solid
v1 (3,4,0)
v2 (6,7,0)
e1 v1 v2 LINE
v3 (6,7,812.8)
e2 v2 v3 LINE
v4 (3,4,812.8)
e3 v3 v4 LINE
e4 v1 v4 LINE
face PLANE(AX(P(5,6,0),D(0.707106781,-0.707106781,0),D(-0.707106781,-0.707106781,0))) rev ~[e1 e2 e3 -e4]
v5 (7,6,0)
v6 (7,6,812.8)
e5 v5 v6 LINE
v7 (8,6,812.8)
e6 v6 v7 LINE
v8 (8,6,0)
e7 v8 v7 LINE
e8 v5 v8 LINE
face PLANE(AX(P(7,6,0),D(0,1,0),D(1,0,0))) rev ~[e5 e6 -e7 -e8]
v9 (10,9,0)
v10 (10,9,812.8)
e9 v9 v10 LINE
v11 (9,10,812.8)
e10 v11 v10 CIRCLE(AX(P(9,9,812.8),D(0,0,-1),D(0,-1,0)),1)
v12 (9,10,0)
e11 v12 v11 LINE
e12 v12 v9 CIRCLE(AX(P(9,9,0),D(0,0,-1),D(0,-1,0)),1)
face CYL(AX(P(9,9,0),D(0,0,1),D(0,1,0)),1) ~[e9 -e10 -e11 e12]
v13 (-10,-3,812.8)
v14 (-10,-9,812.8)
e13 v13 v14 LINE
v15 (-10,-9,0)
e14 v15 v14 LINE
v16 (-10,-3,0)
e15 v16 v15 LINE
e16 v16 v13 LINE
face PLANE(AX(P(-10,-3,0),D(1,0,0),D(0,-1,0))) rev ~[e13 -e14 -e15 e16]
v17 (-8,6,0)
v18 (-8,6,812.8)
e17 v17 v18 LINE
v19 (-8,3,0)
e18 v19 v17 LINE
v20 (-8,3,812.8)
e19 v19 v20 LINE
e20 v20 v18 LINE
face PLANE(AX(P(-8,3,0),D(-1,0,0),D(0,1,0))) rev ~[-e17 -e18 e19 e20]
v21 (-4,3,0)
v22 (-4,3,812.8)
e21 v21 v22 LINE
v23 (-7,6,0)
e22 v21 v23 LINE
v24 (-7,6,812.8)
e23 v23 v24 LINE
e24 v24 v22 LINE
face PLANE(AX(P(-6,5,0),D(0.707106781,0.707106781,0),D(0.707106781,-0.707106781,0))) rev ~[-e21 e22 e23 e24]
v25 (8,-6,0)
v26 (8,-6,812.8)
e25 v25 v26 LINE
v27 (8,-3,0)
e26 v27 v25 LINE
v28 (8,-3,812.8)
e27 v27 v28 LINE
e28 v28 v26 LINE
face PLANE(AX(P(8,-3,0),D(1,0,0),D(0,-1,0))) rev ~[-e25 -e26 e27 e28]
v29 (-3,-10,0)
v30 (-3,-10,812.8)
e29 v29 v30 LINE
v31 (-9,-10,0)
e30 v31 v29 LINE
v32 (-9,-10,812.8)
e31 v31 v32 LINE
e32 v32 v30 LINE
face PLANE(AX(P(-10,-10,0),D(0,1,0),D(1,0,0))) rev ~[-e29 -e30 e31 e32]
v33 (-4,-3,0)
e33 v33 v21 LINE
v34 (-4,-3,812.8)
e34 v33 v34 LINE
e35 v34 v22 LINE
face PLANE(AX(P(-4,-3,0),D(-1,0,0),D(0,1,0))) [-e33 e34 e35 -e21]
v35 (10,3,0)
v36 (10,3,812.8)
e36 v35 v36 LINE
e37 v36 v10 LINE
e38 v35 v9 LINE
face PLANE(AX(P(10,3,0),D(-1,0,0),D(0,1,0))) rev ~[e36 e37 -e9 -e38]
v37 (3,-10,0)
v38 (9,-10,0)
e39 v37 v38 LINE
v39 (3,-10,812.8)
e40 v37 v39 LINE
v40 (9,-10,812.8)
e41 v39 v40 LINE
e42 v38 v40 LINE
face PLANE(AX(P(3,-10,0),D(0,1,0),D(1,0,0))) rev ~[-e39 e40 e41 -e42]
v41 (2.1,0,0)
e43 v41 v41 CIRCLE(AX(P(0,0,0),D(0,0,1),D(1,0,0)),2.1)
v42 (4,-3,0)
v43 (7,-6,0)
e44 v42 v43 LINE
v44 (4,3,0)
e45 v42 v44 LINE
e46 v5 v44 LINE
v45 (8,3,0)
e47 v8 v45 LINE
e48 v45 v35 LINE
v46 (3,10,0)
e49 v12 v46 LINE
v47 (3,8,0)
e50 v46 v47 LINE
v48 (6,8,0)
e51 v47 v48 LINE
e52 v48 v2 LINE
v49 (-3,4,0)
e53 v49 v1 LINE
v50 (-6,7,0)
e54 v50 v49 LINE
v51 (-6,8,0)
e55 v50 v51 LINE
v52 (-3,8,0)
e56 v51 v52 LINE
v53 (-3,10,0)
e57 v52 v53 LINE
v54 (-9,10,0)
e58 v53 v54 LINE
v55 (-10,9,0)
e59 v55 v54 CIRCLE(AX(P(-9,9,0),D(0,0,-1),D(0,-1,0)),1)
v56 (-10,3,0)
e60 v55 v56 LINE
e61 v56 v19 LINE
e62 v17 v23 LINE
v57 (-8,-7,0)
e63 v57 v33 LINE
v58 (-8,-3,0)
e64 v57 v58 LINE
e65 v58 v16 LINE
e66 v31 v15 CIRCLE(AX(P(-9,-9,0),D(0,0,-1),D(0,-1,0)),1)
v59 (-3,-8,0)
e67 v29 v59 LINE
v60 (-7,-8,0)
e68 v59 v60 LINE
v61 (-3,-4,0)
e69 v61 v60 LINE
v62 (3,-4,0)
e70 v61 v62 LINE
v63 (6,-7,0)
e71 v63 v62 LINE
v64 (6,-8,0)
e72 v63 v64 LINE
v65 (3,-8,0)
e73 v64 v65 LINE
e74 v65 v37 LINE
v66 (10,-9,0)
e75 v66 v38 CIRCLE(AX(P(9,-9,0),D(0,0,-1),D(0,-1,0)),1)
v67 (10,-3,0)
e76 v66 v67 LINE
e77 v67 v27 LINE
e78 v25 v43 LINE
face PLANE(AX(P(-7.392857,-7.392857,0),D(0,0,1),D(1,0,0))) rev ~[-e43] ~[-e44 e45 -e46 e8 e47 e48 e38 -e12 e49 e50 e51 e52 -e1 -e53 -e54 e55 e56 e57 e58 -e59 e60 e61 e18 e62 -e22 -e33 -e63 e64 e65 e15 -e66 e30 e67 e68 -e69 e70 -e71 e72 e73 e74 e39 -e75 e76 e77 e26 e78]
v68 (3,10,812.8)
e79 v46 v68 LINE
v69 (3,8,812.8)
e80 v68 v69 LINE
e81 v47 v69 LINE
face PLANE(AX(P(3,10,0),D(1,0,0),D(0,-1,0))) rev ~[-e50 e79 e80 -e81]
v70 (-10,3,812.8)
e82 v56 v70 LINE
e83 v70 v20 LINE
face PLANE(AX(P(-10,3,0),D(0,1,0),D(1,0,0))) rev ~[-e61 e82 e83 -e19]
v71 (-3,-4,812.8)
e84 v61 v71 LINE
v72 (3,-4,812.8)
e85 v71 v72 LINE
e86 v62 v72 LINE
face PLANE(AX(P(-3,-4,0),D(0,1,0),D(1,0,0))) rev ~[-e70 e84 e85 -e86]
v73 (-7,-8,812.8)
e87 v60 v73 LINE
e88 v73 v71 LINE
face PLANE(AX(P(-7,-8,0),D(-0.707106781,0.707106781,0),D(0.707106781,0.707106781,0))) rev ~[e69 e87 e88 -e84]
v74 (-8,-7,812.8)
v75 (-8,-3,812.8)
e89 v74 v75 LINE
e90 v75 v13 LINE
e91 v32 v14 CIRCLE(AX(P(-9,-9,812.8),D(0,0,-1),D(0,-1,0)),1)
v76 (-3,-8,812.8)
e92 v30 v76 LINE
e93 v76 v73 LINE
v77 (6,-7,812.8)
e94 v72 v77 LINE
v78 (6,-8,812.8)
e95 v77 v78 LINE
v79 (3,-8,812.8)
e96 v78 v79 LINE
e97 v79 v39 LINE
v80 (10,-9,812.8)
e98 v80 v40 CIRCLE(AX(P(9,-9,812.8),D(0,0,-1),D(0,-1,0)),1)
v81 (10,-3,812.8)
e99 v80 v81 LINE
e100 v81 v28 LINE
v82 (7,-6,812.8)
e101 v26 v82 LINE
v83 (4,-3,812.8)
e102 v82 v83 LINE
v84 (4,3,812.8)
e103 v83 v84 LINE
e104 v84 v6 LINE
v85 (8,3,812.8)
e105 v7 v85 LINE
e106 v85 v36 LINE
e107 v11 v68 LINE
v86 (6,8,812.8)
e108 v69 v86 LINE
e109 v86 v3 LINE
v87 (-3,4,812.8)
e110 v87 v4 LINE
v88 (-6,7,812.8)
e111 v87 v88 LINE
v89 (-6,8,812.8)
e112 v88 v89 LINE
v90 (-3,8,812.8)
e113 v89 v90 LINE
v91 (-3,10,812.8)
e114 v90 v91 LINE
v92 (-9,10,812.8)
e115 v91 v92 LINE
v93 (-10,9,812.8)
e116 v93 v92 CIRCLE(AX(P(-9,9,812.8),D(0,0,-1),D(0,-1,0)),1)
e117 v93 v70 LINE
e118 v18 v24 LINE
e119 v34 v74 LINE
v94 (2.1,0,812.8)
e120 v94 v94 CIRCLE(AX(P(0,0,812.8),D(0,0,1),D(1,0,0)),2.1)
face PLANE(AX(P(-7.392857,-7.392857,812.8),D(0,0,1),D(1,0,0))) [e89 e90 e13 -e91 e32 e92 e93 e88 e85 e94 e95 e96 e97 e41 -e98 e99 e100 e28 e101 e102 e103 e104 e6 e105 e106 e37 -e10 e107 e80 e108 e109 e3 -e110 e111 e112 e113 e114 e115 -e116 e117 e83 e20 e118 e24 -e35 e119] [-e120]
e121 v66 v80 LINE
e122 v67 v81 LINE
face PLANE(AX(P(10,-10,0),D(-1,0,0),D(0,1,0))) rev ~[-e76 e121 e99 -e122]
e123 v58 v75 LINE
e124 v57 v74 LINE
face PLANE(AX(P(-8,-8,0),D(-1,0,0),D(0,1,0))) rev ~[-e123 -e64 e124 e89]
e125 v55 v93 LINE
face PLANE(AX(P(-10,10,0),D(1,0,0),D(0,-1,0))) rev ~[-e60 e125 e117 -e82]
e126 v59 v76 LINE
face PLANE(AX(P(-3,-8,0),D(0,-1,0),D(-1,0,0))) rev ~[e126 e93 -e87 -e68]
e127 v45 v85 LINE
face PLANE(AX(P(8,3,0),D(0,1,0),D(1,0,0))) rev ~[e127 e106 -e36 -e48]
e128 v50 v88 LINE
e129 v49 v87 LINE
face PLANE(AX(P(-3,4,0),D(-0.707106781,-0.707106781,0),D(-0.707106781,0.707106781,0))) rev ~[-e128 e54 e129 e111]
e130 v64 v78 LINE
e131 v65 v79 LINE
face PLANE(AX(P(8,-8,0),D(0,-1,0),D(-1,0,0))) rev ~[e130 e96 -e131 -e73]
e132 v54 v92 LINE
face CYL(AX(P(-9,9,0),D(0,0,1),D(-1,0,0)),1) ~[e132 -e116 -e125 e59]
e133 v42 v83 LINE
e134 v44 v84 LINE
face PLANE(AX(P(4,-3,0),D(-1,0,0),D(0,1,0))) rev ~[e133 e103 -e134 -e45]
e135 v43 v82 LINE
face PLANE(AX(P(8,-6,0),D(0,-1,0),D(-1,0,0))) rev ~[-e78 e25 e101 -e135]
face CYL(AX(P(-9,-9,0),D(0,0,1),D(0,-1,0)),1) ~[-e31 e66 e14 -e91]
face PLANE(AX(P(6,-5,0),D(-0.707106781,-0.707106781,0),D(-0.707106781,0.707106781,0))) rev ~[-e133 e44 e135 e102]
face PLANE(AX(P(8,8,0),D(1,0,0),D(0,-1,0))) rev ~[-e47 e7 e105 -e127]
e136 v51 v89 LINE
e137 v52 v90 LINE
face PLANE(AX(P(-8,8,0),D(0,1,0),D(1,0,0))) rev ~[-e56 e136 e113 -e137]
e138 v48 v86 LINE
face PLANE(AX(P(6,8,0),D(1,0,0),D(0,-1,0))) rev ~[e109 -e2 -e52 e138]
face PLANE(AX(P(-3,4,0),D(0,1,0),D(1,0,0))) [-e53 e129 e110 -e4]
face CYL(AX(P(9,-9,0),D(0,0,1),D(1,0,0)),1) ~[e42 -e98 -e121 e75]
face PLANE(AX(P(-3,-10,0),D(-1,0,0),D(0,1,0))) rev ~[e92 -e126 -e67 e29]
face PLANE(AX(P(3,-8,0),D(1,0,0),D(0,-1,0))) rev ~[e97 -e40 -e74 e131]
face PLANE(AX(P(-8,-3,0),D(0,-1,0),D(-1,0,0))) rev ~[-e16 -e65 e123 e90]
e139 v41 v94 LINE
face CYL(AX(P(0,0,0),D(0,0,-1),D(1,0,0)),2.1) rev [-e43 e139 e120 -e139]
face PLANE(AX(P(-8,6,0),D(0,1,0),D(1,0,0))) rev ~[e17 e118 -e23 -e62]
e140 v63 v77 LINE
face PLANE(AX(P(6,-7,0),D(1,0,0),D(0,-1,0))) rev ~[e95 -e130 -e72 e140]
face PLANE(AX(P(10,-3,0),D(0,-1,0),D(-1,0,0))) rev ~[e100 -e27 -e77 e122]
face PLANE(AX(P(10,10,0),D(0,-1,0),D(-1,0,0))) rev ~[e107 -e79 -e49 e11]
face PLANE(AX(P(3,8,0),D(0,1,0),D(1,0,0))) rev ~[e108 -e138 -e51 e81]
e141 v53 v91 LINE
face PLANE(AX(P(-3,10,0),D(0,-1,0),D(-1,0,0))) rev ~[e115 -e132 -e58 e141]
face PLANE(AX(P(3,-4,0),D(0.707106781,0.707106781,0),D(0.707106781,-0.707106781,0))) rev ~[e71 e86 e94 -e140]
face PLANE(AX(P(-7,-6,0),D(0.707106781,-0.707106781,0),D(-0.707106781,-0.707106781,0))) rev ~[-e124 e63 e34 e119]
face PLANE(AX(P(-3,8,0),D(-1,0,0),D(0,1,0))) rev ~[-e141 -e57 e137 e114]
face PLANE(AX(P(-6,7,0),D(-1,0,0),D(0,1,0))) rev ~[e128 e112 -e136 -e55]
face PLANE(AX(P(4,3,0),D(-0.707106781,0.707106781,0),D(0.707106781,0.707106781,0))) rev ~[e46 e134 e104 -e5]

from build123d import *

# Parameters (mm, degrees)
SKETCH1_W           = 1
SKETCH1_H           = 1
SKETCH1_W_2         = 6
SKETCH1_H_2         = 6
SKETCH1_R           = 2.1
BOSS_EXTRUDE1_DEPTH = 812.8
FILLET1_R           = 1


with BuildPart() as part:
    # Sketch1 → Boss-Extrude1 (new body)
    # profile 1 of 35: a face of its own
    with BuildSketch(Plane.XY):
        Polygon((-6, 7), (-6, 8), (-7, 8), align=None)
    # profile 2 of 35: a face of its own
    with BuildSketch(Plane.XY):
        Polygon((-6, 7), (-7, 8), (-8, 8), (-8, 7), (-7, 6), (-6, 6), align=None)
    # profile 3 of 35: a face of its own
    with BuildSketch(Plane.XY):
        Polygon((-8, 7), (-8, 6), (-7, 6), align=None)
    # profile 4 of 35: a face of its own
    with BuildSketch(Plane.XY):
        Polygon((-3, 8), (-3, 10), (-10, 10), (-10, 3), (-8, 3), (-8, 6), (-8, 7), (-8, 8), (-7, 8), (-6, 8), align=None)
    # profile 5 of 35: a face of its own
    with BuildSketch(Plane.XY):
        Polygon((-6, 5), (-6, 6), (-7, 6), align=None)
    # profile 6 of 35: a face of its own
    with BuildSketch(Plane.XY):
        Polygon((-6, 6), (-5, 6), (-6, 7), align=None)
    # profile 7 of 35: a face of its own
    with BuildSketch(Plane.XY):
        Polygon((-3, 4), (-5, 6), (-6, 6), (-6, 5), (-4, 3), (-4, 4), align=None)
    # profile 8 of 35: a face of its own
    with BuildSketch(Plane.XY):
        with Locations((-3.5, 3.5)):
            Rectangle(SKETCH1_W, SKETCH1_H)
    # profile 9 of 35: a face of its own
    with BuildSketch(Plane.XY):
        with Locations((0, 3.5)):
            Rectangle(SKETCH1_W_2, SKETCH1_H)
    # profile 10 of 35: a face of its own
    with BuildSketch(Plane.XY):
        with Locations((-3.5, 0)):
            Rectangle(SKETCH1_W, SKETCH1_H_2)
    # profile 11 of 35: a face of its own
    with BuildSketch(Plane.XY):
        Rectangle(SKETCH1_W_2, SKETCH1_H_2)
        Circle(SKETCH1_R, mode=Mode.SUBTRACT)
    # profile 12 of 35: a face of its own
    with BuildSketch(Plane.XY):
        with Locations((3.5, 3.5)):
            Rectangle(SKETCH1_W, SKETCH1_H)
    # profile 13 of 35: a face of its own
    with BuildSketch(Plane.XY):
        Polygon((6, 6), (5, 6), (3, 4), (4, 4), (4, 3), (6, 5), align=None)
    # profile 14 of 35: a face of its own
    with BuildSketch(Plane.XY):
        Polygon((6, 7), (5, 6), (6, 6), align=None)
    # profile 15 of 35: a face of its own
    with BuildSketch(Plane.XY):
        Polygon((6, 6), (6, 5), (7, 6), align=None)
    # profile 16 of 35: a face of its own
    with BuildSketch(Plane.XY):
        Polygon((8, 8), (7, 8), (6, 7), (6, 6), (7, 6), (8, 7), align=None)
    # profile 17 of 35: a face of its own
    with BuildSketch(Plane.XY):
        Polygon((7, 8), (6, 8), (6, 7), align=None)
    # profile 18 of 35: a face of its own
    with BuildSketch(Plane.XY):
        Polygon((7, 6), (8, 6), (8, 7), align=None)
    # profile 19 of 35: a face of its own
    with BuildSketch(Plane.XY):
        Polygon((10, 3), (10, 10), (3, 10), (3, 8), (6, 8), (7, 8), (8, 8), (8, 7), (8, 6), (8, 3), align=None)
    # profile 20 of 35: a face of its own
    with BuildSketch(Plane.XY):
        with Locations((3.5, 0)):
            Rectangle(SKETCH1_W, SKETCH1_H_2)
    # profile 21 of 35: a face of its own
    with BuildSketch(Plane.XY):
        with Locations((3.5, -3.5)):
            Rectangle(SKETCH1_W, SKETCH1_H)
    # profile 22 of 35: a face of its own
    with BuildSketch(Plane.XY):
        Polygon((6, -6), (6, -5), (4, -3), (4, -4), (3, -4), (5, -6), align=None)
    # profile 23 of 35: a face of its own
    with BuildSketch(Plane.XY):
        Polygon((7, -6), (6, -5), (6, -6), align=None)
    # profile 24 of 35: a face of its own
    with BuildSketch(Plane.XY):
        Polygon((6, -7), (6, -6), (5, -6), align=None)
    # profile 25 of 35: a face of its own
    with BuildSketch(Plane.XY):
        Polygon((8, -8), (8, -7), (7, -6), (6, -6), (6, -7), (7, -8), align=None)
    # profile 26 of 35: a face of its own
    with BuildSketch(Plane.XY):
        Polygon((6, -7), (6, -8), (7, -8), align=None)
    # profile 27 of 35: a face of its own
    with BuildSketch(Plane.XY):
        Polygon((8, -7), (8, -6), (7, -6), align=None)
    # profile 28 of 35: a face of its own
    with BuildSketch(Plane.XY):
        Polygon((10, -10), (10, -3), (8, -3), (8, -6), (8, -7), (8, -8), (7, -8), (6, -8), (3, -8), (3, -10), align=None)
    # profile 29 of 35: a face of its own
    with BuildSketch(Plane.XY):
        with Locations((0, -3.5)):
            Rectangle(SKETCH1_W_2, SKETCH1_H)
    # profile 30 of 35: a face of its own
    with BuildSketch(Plane.XY):
        with Locations((-3.5, -3.5)):
            Rectangle(SKETCH1_W, SKETCH1_H)
    # profile 31 of 35: a face of its own
    with BuildSketch(Plane.XY):
        Polygon((-4, -3), (-6, -5), (-6, -6), (-5, -6), (-3, -4), (-4, -4), align=None)
    # profile 32 of 35: a face of its own
    with BuildSketch(Plane.XY):
        Polygon((-6, -7), (-5, -6), (-6, -6), align=None)
    # profile 33 of 35: a face of its own
    with BuildSketch(Plane.XY):
        Polygon((-6, -6), (-6, -5), (-7, -6), align=None)
    # profile 34 of 35: a face of its own
    with BuildSketch(Plane.XY):
        Polygon((-7, -6), (-8, -7), (-8, -8), (-7, -8), (-6, -7), (-6, -6), align=None)
    # profile 35 of 35: a face of its own
    with BuildSketch(Plane.XY):
        Polygon((-8, -3), (-10, -3), (-10, -10), (-3, -10), (-3, -8), (-6, -8), (-7, -8), (-8, -8), (-8, -7), (-8, -6), align=None)
    extrude(amount=BOSS_EXTRUDE1_DEPTH)

    # Fillet1
    fillet1_edges = [part.edges().sort_by_distance(p)[0] for p in [
        (-10, -10, 406.4),
        (-10, 10, 406.4),
        (10, 10, 406.4),
        (10, -10, 406.4),
    ]]
    fillet(fillet1_edges, radius=FILLET1_R)


solid = part.part
